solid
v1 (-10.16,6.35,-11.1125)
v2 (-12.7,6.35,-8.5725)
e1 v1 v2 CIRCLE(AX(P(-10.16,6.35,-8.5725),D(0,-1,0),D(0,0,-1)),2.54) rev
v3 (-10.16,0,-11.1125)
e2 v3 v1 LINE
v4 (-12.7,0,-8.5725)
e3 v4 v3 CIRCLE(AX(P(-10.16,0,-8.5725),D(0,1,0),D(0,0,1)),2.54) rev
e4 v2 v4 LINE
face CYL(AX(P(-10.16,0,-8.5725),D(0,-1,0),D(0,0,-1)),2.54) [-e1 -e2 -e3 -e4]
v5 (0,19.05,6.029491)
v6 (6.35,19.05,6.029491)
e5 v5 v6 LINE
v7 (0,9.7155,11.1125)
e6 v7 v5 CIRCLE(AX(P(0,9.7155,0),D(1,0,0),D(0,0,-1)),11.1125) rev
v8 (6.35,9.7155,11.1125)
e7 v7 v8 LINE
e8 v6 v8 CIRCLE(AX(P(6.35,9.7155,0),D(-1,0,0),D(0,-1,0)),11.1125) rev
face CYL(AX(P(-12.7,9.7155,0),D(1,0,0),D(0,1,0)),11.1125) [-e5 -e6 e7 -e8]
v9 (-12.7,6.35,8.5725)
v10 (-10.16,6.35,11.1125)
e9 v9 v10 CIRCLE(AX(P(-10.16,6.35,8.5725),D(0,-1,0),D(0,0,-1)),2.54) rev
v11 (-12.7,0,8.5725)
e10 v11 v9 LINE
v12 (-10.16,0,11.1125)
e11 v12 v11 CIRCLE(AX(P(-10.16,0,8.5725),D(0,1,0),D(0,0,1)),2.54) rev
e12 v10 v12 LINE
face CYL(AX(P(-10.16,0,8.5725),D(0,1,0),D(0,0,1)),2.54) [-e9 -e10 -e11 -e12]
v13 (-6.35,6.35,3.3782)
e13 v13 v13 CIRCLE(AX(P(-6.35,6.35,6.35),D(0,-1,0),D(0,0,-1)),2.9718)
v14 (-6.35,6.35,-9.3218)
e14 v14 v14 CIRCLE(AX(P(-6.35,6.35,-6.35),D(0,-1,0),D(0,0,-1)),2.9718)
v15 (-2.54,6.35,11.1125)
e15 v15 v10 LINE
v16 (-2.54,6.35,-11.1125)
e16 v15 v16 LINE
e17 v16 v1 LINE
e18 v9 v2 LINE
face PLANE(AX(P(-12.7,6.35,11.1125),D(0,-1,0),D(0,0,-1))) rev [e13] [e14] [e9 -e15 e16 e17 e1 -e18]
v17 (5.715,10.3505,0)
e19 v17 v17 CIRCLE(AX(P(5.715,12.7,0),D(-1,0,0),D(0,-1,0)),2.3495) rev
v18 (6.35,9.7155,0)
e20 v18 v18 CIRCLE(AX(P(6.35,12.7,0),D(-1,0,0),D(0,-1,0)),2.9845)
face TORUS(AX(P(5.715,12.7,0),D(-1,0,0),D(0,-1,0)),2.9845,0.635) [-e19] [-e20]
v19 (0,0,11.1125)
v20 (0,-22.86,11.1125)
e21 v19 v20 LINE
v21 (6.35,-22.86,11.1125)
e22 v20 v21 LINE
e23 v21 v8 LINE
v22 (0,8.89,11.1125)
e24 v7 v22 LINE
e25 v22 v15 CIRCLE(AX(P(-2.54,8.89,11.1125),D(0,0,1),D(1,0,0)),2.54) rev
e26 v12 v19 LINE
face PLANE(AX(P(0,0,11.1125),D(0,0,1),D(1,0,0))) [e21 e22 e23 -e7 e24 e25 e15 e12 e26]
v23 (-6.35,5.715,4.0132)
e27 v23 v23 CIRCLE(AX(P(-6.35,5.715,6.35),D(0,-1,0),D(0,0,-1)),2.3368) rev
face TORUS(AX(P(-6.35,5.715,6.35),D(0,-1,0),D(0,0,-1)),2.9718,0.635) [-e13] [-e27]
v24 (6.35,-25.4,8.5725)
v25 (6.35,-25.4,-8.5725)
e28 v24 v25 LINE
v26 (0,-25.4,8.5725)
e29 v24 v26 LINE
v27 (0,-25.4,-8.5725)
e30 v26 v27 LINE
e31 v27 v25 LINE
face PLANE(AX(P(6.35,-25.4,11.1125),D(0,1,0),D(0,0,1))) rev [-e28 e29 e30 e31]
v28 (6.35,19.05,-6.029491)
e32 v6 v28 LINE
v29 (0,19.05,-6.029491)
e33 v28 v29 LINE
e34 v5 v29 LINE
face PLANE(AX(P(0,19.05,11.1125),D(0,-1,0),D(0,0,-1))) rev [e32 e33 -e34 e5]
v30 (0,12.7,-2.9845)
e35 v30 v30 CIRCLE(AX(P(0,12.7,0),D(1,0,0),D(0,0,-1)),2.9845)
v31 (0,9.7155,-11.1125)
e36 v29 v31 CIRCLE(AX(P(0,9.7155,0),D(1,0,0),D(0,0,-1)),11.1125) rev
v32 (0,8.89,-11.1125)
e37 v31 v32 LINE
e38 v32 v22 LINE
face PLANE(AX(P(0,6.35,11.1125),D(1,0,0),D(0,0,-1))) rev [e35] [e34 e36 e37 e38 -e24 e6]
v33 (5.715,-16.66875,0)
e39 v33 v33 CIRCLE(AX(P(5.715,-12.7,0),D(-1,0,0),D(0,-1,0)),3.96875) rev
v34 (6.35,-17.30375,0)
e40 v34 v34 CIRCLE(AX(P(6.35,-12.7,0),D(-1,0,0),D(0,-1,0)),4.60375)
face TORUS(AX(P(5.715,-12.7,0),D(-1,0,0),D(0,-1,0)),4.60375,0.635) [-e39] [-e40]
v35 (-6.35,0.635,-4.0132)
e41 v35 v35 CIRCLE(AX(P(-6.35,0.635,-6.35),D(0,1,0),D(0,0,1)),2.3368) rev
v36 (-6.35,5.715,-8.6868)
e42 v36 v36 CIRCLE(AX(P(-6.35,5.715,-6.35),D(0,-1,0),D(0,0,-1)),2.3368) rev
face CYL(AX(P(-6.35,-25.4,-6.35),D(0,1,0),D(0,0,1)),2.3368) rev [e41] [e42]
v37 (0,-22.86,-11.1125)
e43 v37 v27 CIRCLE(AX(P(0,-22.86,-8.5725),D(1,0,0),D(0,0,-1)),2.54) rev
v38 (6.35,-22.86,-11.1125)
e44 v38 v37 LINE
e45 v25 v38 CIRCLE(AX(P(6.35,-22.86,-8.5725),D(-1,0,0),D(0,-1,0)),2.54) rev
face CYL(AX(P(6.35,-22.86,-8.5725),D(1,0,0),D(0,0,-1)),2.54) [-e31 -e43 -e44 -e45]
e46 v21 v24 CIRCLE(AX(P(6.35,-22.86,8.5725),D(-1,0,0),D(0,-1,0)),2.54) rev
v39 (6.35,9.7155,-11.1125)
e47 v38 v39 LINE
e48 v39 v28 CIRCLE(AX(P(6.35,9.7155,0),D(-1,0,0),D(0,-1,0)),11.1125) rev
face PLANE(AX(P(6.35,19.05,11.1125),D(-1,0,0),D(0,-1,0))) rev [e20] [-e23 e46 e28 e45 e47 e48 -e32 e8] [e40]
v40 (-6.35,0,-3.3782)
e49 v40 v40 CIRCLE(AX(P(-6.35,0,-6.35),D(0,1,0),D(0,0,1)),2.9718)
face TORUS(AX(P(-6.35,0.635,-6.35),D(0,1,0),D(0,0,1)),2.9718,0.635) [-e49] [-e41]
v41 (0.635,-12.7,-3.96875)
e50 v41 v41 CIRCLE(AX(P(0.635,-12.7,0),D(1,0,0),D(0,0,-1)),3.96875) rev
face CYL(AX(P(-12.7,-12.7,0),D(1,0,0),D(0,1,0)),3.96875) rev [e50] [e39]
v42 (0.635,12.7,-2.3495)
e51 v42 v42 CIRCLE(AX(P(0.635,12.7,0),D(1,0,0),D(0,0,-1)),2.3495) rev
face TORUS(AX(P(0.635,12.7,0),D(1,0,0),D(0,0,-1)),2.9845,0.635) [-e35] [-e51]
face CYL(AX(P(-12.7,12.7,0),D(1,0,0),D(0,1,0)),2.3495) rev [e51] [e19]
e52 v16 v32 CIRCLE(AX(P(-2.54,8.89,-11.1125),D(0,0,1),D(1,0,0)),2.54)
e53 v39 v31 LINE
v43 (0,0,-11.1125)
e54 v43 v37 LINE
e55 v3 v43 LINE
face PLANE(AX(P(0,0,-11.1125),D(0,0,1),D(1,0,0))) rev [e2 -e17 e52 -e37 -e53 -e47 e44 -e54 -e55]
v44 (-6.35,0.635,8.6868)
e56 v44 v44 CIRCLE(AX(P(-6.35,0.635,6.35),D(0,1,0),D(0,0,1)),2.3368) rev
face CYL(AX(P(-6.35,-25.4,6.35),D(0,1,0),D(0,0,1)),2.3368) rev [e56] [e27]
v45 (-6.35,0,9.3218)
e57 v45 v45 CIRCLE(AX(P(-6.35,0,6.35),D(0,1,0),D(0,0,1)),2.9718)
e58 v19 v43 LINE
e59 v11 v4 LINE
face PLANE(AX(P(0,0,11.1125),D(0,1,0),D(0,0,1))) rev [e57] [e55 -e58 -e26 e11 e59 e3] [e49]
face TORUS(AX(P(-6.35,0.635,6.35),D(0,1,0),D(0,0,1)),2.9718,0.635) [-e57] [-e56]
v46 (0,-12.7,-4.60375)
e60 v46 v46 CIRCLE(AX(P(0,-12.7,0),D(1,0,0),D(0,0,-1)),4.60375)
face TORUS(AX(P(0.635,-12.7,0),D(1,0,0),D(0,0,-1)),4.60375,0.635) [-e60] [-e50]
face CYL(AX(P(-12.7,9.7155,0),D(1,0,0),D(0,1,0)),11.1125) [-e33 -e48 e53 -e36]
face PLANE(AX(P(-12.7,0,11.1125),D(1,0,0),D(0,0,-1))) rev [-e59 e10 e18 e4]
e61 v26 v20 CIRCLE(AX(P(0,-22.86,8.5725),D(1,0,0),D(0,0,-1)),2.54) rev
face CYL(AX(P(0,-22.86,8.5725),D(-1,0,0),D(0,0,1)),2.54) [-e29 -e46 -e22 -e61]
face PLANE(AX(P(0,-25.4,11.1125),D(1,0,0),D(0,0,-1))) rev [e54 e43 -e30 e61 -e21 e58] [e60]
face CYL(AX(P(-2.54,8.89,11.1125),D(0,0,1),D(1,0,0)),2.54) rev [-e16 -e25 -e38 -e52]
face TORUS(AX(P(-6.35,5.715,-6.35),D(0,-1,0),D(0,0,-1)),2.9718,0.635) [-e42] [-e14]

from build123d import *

# Parameters (mm, degrees)
BOSS_EXTRUDE1_DEPTH     = 11.1125
CUT_EXTRUDE1_DEPTH      = 36.956086498
CUT_EXTRUDE1_DEPTH_BACK = 36.956086498
SKETCH2_R               = 2.3368
CUT_EXTRUDE2_DEPTH      = 34.638521909
CUT_EXTRUDE2_DEPTH_BACK = 34.638521909
SKETCH3_R               = 2.3495
SKETCH3_R_2             = 3.96875
FILLET1_R               = 2.54
FILLET2_R               = 0.635
FILLET3_R               = 2.54
CUT_EXTRUDE3_DEPTH      = 34.638521909
CUT_EXTRUDE3_DEPTH_BACK = 34.638521909


with BuildPart() as part:
    # Sketch1 → Boss-Extrude1 (new, symmetric)
    with BuildSketch(Plane.XY):
        Polygon((0, 0), (-12.7, 0), (-12.7, 6.35), (0, 6.35), (0, 19.05), (6.35, 19.05), (6.35, -25.4), (0, -25.4), align=None)
    extrude(amount=BOSS_EXTRUDE1_DEPTH, both=True)

    # Sketch2 → Cut-Extrude1 (cut, two sides: drawn at the far end of the back side and taken through both)
    with BuildSketch(Plane(origin=(0, 6.35, 0), x_dir=(1, 0, 0), z_dir=(0, 1, 0)).offset(-CUT_EXTRUDE1_DEPTH_BACK)):
        with Locations(Location((-6.35, 6.35, 0), (0, 0, 270))):
            Circle(SKETCH2_R)
        with Locations(Location((-6.35, -6.35, 0), (0, 0, 270))):
            Circle(SKETCH2_R)
    extrude(amount=CUT_EXTRUDE1_DEPTH + CUT_EXTRUDE1_DEPTH_BACK, mode=Mode.SUBTRACT)

    # Sketch3 → Cut-Extrude2 (cut, two sides: drawn at the far end of the back side and taken through both)
    with BuildSketch(Plane(origin=(6.35, 0, 0), x_dir=(0, 0, -1), z_dir=(1, 0, 0)).offset(-CUT_EXTRUDE2_DEPTH_BACK)):
        with Locations((0, 12.7)):
            Circle(SKETCH3_R)
        with Locations((0, -12.7)):
            Circle(SKETCH3_R_2)
    extrude(amount=CUT_EXTRUDE2_DEPTH + CUT_EXTRUDE2_DEPTH_BACK, mode=Mode.SUBTRACT)

    # Fillet1
    fillet1_edges = [part.edges().sort_by_distance(p)[0] for p in [
        (3.175, 19.05, -11.1125),
        (3.175, -25.4, -11.1125),
        (3.175, 19.05, 11.1125),
        (-12.7, 3.175, 11.1125),
        (3.175, -25.4, 11.1125),
        (-12.7, 3.175, -11.1125),
    ]]
    fillet(fillet1_edges, radius=FILLET1_R)

    # Fillet2
    fillet2_edges = [part.edges().sort_by_distance(p)[0] for p in [
        (-6.35, 0, -8.6868),
        (-6.35, 6.35, -8.6868),
        (-6.35, 0, 4.0132),
        (-6.35, 6.35, 4.0132),
        (0, 12.7, 2.3495),
        (6.35, 12.7, 2.3495),
        (6.35, -12.7, 3.96875),
        (0, -12.7, 3.96875),
    ]]
    fillet(fillet2_edges, radius=FILLET2_R)

    # Fillet3
    fillet3_edges = [part.edges().sort_by_distance(p)[0] for p in [
        (0, 6.35, 0),
    ]]
    fillet(fillet3_edges, radius=FILLET3_R)

    # Sketch4 → Cut-Extrude3 (cut, two sides: drawn at the far end of the back side and taken through both)
    with BuildSketch(Plane(origin=(6.35, 0, 0), x_dir=(0, 0, -1), z_dir=(1, 0, 0)).offset(-CUT_EXTRUDE3_DEPTH_BACK)):
        with BuildLine():
            Line((-17.4625, 9.7155), (-11.1125, 9.7155))
            ThreePointArc((-11.1125, 9.7155), (0, 20.828), (11.1125, 9.7155))
            Line((11.1125, 9.7155), (17.4625, 9.7155))
            Line((17.4625, 9.7155), (17.4625, 22.870825691))
            Line((17.4625, 22.870825691), (-17.4625, 22.870825691))
            Line((-17.4625, 22.870825691), (-17.4625, 9.7155))
        make_face()
    extrude(amount=CUT_EXTRUDE3_DEPTH + CUT_EXTRUDE3_DEPTH_BACK, mode=Mode.SUBTRACT)


solid = part.part
